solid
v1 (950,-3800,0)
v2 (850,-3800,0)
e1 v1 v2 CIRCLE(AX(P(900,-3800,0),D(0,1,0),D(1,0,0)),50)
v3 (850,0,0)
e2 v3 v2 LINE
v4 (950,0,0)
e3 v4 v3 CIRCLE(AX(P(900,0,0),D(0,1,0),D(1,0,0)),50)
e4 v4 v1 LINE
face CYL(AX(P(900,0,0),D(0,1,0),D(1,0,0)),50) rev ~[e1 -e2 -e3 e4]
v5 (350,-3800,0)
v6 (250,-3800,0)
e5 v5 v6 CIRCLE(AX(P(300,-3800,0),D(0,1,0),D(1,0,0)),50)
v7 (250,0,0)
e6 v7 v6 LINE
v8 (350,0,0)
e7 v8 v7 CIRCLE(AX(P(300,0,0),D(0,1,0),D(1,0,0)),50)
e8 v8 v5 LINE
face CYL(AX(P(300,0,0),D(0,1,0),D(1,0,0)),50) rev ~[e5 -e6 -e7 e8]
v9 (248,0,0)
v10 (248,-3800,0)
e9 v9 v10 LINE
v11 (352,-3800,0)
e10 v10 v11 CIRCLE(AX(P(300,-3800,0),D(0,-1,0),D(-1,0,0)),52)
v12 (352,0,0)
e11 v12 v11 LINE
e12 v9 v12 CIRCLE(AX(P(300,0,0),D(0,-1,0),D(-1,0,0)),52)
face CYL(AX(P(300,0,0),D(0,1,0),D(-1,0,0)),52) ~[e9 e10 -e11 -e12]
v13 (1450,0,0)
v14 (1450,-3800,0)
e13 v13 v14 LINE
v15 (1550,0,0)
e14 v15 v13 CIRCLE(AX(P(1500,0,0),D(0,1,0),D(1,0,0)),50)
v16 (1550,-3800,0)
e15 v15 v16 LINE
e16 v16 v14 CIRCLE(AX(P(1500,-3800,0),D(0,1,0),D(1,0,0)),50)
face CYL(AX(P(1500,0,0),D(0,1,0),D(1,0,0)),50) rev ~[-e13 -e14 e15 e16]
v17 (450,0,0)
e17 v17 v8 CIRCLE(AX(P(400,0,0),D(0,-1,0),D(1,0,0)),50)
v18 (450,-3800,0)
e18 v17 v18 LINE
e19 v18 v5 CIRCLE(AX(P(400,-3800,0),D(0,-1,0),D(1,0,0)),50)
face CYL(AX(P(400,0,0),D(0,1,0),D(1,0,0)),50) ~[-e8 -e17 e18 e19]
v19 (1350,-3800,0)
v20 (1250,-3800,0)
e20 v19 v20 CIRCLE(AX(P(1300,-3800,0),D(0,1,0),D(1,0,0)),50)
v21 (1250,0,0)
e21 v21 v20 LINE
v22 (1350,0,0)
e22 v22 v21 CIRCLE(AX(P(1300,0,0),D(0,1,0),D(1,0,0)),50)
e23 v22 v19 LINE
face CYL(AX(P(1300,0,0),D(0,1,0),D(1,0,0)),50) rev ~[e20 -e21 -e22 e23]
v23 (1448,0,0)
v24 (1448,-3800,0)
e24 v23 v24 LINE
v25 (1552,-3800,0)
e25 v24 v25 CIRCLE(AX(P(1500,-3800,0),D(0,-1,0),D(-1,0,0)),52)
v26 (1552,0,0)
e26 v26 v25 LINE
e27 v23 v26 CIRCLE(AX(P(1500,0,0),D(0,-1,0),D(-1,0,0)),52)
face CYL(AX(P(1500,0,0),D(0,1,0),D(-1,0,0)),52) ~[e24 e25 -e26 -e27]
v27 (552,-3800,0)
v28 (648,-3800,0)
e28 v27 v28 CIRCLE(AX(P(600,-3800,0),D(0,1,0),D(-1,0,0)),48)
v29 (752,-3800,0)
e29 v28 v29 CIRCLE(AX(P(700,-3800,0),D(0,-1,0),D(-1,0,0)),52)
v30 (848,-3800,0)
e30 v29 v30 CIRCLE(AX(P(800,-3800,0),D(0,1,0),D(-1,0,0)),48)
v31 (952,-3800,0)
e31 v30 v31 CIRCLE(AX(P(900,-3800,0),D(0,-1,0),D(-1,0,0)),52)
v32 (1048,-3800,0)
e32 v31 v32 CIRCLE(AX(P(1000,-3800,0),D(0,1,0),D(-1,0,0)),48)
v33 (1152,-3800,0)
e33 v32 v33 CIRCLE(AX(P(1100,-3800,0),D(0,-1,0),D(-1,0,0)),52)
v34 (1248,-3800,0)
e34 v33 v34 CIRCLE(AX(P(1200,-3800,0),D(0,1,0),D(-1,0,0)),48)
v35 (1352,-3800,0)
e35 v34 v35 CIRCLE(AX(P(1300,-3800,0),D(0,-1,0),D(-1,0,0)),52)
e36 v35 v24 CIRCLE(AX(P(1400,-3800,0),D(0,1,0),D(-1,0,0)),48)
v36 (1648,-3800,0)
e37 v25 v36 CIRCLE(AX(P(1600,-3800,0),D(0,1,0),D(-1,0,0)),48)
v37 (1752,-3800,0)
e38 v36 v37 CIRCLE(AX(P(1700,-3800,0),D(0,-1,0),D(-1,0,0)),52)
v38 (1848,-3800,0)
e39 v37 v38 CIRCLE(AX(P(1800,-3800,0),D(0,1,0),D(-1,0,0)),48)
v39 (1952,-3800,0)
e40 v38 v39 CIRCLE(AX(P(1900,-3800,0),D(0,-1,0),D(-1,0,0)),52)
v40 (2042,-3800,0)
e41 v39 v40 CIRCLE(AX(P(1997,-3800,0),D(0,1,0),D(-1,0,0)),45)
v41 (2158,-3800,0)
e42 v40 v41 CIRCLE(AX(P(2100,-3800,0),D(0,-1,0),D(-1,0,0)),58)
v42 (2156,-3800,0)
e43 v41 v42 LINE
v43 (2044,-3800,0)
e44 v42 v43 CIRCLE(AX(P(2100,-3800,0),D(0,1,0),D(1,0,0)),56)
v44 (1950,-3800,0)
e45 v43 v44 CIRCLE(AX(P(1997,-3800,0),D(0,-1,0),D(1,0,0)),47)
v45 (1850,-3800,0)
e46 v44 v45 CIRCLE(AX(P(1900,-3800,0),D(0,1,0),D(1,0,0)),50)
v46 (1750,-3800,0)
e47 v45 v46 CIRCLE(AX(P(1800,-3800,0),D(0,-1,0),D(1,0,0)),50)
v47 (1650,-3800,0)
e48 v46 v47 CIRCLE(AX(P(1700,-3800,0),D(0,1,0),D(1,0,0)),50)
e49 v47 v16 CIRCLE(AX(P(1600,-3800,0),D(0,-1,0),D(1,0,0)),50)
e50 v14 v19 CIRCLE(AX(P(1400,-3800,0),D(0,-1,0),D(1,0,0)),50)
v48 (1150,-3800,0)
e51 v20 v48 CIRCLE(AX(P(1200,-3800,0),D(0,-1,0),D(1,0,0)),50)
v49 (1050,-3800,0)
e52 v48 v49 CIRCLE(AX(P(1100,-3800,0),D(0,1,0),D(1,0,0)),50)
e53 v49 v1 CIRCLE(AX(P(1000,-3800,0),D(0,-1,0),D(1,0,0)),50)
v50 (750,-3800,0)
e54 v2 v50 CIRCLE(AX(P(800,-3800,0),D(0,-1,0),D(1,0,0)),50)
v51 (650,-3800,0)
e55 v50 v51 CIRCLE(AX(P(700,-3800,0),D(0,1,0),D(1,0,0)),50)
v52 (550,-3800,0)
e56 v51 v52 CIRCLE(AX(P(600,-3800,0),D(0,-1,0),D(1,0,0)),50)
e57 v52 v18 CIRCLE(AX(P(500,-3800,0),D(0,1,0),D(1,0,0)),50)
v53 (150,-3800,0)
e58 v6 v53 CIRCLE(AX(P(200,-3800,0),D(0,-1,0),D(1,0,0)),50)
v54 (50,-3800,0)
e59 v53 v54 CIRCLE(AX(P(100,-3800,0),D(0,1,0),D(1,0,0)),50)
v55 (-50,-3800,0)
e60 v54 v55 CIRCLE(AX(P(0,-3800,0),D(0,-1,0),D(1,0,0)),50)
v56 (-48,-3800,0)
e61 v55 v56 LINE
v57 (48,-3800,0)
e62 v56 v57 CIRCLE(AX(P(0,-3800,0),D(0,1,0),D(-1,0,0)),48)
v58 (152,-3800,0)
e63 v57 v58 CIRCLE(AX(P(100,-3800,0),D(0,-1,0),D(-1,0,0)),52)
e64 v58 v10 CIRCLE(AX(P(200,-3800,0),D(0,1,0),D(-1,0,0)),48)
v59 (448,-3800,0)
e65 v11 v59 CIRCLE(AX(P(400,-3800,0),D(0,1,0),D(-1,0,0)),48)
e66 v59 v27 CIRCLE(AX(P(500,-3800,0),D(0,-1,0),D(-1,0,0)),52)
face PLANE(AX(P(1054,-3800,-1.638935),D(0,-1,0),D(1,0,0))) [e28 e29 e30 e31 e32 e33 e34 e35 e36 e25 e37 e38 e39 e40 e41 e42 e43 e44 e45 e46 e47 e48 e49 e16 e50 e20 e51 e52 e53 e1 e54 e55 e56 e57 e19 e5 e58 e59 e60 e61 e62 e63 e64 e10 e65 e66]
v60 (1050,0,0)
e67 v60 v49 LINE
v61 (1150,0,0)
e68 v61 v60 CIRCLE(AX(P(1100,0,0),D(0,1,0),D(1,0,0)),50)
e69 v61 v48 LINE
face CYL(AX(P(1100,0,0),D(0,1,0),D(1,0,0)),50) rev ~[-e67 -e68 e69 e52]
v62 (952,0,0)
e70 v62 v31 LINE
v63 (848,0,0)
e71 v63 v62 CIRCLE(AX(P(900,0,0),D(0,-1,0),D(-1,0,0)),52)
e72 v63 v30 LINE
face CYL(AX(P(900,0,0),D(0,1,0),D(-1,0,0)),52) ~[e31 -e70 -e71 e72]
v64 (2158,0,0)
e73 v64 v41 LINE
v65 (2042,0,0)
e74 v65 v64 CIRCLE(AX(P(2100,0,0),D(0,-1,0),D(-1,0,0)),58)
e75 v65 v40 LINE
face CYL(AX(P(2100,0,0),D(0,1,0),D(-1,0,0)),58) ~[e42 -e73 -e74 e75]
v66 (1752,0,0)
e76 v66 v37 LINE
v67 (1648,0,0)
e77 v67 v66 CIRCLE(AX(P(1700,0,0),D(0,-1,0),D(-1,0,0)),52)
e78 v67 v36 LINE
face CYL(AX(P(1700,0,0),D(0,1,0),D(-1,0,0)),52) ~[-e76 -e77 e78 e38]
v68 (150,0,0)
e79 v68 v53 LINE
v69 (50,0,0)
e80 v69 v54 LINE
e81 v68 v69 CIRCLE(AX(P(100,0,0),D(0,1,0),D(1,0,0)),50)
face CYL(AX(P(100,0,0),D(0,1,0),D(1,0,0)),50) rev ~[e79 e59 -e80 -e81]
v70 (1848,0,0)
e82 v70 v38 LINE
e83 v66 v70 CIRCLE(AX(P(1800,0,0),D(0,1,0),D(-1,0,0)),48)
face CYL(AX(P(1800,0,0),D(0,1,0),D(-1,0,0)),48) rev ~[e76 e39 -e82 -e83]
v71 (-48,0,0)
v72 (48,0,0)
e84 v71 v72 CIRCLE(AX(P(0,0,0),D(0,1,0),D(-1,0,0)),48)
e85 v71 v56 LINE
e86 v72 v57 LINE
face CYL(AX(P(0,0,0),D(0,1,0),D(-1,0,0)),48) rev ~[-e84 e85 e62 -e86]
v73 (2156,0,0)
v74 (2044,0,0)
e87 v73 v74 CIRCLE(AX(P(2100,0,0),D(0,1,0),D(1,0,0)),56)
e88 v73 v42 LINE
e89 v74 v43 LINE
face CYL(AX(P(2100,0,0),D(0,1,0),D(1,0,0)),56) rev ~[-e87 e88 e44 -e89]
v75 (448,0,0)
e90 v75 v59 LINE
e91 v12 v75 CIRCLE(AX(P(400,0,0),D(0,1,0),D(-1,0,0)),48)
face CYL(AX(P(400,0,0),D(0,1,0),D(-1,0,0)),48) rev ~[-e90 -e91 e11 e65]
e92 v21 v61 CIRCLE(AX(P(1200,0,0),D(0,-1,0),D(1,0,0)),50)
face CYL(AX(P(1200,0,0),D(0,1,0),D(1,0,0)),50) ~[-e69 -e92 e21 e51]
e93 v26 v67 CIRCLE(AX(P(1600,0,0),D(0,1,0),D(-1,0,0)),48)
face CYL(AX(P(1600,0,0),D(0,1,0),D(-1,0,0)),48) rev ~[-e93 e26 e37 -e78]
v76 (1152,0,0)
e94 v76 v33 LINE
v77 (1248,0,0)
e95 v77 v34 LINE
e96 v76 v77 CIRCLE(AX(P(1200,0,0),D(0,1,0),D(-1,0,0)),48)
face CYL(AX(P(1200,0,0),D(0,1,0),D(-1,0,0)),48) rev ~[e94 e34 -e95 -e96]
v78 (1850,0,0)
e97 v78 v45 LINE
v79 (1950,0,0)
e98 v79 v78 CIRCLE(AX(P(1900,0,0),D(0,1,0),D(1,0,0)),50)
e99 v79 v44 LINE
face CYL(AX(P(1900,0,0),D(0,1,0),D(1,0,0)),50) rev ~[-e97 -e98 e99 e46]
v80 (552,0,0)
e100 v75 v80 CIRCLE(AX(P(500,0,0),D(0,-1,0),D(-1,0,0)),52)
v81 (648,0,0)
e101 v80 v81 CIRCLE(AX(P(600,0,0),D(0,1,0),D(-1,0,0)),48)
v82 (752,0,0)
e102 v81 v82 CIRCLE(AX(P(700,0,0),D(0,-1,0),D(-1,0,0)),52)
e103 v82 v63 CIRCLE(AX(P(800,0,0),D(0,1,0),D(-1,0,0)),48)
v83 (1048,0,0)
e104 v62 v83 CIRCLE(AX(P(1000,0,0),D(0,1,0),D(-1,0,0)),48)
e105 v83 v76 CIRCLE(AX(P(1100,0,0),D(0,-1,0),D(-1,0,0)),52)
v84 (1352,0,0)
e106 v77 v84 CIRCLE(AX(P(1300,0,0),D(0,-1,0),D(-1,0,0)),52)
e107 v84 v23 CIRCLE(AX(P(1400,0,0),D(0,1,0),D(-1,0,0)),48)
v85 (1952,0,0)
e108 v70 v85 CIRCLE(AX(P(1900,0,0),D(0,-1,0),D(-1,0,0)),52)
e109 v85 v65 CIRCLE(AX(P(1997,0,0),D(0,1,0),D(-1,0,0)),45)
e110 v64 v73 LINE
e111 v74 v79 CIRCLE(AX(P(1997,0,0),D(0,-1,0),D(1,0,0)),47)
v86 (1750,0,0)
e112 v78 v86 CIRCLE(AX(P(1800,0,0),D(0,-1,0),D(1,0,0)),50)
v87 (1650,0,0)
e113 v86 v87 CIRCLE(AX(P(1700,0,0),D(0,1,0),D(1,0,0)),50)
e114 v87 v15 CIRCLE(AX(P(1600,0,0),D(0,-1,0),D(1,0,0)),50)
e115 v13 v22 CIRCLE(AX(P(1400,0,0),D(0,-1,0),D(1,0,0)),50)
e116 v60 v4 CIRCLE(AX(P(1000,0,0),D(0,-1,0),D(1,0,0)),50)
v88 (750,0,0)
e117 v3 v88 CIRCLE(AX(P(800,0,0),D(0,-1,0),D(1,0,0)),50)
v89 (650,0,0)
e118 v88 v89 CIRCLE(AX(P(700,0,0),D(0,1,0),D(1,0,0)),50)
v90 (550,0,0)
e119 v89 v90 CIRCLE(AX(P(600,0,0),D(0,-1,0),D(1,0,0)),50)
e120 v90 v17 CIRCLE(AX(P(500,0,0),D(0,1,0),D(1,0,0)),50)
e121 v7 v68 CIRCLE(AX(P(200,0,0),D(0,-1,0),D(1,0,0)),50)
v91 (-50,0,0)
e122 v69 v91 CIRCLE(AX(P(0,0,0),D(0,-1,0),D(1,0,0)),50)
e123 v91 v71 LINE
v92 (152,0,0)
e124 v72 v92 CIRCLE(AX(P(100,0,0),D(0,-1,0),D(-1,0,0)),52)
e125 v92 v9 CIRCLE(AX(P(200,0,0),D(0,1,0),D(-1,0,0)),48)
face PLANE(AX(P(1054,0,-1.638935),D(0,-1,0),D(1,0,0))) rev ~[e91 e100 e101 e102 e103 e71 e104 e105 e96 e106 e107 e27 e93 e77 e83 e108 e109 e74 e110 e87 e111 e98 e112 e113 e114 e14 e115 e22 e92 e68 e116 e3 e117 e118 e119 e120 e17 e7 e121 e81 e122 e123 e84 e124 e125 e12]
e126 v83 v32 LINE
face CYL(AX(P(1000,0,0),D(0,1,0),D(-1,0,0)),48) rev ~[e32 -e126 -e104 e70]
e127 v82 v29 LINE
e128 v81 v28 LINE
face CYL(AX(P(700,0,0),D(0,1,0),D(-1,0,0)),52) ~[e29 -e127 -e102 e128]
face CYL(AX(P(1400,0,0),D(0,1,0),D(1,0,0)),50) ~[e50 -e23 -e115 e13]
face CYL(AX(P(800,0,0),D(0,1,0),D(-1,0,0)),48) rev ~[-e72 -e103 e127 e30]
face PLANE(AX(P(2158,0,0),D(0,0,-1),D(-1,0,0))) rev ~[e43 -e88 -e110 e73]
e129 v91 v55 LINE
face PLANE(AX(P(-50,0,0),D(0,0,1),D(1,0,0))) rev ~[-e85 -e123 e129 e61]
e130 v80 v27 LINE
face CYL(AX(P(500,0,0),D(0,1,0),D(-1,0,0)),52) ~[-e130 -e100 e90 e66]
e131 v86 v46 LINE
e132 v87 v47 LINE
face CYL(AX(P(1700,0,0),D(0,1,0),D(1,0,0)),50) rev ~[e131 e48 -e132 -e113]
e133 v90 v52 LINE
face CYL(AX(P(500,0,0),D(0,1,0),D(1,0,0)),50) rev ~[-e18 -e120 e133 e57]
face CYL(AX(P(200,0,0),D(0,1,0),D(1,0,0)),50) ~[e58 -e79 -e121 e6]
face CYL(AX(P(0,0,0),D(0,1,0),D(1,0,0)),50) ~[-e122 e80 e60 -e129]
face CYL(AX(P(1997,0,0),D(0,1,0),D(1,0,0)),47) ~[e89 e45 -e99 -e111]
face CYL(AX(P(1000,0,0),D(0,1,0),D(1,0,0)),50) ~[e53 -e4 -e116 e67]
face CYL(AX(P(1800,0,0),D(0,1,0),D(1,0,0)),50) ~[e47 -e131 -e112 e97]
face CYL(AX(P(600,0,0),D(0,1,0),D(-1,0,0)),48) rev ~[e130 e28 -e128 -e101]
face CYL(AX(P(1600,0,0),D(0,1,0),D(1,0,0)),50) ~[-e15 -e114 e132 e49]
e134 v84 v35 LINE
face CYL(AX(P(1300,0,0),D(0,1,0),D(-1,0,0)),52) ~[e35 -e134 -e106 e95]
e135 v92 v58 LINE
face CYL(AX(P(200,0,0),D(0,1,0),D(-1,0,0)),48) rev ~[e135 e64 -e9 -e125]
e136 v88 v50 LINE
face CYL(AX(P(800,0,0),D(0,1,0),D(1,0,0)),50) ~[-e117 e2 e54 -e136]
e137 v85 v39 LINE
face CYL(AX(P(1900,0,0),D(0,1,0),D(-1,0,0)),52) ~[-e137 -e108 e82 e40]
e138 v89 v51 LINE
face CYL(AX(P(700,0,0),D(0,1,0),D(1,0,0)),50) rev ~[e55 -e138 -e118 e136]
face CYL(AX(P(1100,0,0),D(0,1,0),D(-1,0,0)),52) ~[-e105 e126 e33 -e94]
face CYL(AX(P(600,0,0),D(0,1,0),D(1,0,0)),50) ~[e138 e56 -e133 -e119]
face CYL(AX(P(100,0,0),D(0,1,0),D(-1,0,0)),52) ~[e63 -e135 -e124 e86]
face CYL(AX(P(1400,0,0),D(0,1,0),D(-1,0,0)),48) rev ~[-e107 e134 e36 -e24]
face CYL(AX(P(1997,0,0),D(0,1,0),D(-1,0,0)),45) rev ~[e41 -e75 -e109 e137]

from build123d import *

# Parameters (mm, degrees)
F1_DEPTH = 3800


with BuildPart() as f1:
    # F0 (on Front) → F1 (new body)
    with BuildSketch(Plane.XZ):
        with BuildLine():
            ThreePointArc((150, 0), (100, -50), (50, 0))
            ThreePointArc((50, 0), (0, 50), (-50, 0))
            Line((-50, 0), (-48, 0))
            ThreePointArc((-48, 0), (0, 48), (48, 0))
            ThreePointArc((48, 0), (100, -52), (152, 0))
            ThreePointArc((152, 0), (200, 48), (248, 0))
            ThreePointArc((248, 0), (300, -52), (352, 0))
            ThreePointArc((352, 0), (400, 48), (448, 0))
            ThreePointArc((448, 0), (500, -52), (552, 0))
            ThreePointArc((552, 0), (600, 48), (648, 0))
            ThreePointArc((648, 0), (700, -52), (752, 0))
            ThreePointArc((752, 0), (800, 48), (848, 0))
            ThreePointArc((848, 0), (900, -52), (952, 0))
            ThreePointArc((952, 0), (1000, 48), (1048, 0))
            ThreePointArc((1048, 0), (1100, -52), (1152, 0))
            ThreePointArc((1152, 0), (1200, 48), (1248, 0))
            ThreePointArc((1248, 0), (1300, -52), (1352, 0))
            ThreePointArc((1352, 0), (1400, 48), (1448, 0))
            ThreePointArc((1448, 0), (1500, -52), (1552, 0))
            ThreePointArc((1552, 0), (1600, 48), (1648, 0))
            ThreePointArc((1648, 0), (1700, -52), (1752, 0))
            ThreePointArc((1752, 0), (1800, 48), (1848, 0))
            ThreePointArc((1848, 0), (1900, -52), (1952, 0))
            ThreePointArc((1952, 0), (1997, 45), (2042, 0))
            ThreePointArc((2042, 0), (2100, -58), (2158, 0))
            Line((2158, 0), (2156, 0))
            ThreePointArc((2156, 0), (2100, -56), (2044, 0))
            ThreePointArc((2044, 0), (1997, 47), (1950, 0))
            ThreePointArc((1950, 0), (1900, -50), (1850, 0))
            ThreePointArc((1850, 0), (1800, 50), (1750, 0))
            ThreePointArc((1750, 0), (1700, -50), (1650, 0))
            ThreePointArc((1650, 0), (1600, 50), (1550, 0))
            ThreePointArc((1550, 0), (1500, -50), (1450, 0))
            ThreePointArc((1450, 0), (1400, 50), (1350, 0))
            ThreePointArc((1350, 0), (1300, -50), (1250, 0))
            ThreePointArc((1250, 0), (1200, 50), (1150, 0))
            ThreePointArc((1150, 0), (1100, -50), (1050, 0))
            ThreePointArc((1050, 0), (1000, 50), (950, 0))
            ThreePointArc((950, 0), (900, -50), (850, 0))
            ThreePointArc((850, 0), (800, 50), (750, 0))
            ThreePointArc((750, 0), (700, -50), (650, 0))
            ThreePointArc((650, 0), (600, 50), (550, 0))
            ThreePointArc((550, 0), (500, -50), (450, 0))
            ThreePointArc((450, 0), (400, 50), (350, 0))
            ThreePointArc((350, 0), (300, -50), (250, 0))
            ThreePointArc((250, 0), (200, 50), (150, 0))
        make_face()
    extrude(amount=F1_DEPTH)


solid = f1.part
